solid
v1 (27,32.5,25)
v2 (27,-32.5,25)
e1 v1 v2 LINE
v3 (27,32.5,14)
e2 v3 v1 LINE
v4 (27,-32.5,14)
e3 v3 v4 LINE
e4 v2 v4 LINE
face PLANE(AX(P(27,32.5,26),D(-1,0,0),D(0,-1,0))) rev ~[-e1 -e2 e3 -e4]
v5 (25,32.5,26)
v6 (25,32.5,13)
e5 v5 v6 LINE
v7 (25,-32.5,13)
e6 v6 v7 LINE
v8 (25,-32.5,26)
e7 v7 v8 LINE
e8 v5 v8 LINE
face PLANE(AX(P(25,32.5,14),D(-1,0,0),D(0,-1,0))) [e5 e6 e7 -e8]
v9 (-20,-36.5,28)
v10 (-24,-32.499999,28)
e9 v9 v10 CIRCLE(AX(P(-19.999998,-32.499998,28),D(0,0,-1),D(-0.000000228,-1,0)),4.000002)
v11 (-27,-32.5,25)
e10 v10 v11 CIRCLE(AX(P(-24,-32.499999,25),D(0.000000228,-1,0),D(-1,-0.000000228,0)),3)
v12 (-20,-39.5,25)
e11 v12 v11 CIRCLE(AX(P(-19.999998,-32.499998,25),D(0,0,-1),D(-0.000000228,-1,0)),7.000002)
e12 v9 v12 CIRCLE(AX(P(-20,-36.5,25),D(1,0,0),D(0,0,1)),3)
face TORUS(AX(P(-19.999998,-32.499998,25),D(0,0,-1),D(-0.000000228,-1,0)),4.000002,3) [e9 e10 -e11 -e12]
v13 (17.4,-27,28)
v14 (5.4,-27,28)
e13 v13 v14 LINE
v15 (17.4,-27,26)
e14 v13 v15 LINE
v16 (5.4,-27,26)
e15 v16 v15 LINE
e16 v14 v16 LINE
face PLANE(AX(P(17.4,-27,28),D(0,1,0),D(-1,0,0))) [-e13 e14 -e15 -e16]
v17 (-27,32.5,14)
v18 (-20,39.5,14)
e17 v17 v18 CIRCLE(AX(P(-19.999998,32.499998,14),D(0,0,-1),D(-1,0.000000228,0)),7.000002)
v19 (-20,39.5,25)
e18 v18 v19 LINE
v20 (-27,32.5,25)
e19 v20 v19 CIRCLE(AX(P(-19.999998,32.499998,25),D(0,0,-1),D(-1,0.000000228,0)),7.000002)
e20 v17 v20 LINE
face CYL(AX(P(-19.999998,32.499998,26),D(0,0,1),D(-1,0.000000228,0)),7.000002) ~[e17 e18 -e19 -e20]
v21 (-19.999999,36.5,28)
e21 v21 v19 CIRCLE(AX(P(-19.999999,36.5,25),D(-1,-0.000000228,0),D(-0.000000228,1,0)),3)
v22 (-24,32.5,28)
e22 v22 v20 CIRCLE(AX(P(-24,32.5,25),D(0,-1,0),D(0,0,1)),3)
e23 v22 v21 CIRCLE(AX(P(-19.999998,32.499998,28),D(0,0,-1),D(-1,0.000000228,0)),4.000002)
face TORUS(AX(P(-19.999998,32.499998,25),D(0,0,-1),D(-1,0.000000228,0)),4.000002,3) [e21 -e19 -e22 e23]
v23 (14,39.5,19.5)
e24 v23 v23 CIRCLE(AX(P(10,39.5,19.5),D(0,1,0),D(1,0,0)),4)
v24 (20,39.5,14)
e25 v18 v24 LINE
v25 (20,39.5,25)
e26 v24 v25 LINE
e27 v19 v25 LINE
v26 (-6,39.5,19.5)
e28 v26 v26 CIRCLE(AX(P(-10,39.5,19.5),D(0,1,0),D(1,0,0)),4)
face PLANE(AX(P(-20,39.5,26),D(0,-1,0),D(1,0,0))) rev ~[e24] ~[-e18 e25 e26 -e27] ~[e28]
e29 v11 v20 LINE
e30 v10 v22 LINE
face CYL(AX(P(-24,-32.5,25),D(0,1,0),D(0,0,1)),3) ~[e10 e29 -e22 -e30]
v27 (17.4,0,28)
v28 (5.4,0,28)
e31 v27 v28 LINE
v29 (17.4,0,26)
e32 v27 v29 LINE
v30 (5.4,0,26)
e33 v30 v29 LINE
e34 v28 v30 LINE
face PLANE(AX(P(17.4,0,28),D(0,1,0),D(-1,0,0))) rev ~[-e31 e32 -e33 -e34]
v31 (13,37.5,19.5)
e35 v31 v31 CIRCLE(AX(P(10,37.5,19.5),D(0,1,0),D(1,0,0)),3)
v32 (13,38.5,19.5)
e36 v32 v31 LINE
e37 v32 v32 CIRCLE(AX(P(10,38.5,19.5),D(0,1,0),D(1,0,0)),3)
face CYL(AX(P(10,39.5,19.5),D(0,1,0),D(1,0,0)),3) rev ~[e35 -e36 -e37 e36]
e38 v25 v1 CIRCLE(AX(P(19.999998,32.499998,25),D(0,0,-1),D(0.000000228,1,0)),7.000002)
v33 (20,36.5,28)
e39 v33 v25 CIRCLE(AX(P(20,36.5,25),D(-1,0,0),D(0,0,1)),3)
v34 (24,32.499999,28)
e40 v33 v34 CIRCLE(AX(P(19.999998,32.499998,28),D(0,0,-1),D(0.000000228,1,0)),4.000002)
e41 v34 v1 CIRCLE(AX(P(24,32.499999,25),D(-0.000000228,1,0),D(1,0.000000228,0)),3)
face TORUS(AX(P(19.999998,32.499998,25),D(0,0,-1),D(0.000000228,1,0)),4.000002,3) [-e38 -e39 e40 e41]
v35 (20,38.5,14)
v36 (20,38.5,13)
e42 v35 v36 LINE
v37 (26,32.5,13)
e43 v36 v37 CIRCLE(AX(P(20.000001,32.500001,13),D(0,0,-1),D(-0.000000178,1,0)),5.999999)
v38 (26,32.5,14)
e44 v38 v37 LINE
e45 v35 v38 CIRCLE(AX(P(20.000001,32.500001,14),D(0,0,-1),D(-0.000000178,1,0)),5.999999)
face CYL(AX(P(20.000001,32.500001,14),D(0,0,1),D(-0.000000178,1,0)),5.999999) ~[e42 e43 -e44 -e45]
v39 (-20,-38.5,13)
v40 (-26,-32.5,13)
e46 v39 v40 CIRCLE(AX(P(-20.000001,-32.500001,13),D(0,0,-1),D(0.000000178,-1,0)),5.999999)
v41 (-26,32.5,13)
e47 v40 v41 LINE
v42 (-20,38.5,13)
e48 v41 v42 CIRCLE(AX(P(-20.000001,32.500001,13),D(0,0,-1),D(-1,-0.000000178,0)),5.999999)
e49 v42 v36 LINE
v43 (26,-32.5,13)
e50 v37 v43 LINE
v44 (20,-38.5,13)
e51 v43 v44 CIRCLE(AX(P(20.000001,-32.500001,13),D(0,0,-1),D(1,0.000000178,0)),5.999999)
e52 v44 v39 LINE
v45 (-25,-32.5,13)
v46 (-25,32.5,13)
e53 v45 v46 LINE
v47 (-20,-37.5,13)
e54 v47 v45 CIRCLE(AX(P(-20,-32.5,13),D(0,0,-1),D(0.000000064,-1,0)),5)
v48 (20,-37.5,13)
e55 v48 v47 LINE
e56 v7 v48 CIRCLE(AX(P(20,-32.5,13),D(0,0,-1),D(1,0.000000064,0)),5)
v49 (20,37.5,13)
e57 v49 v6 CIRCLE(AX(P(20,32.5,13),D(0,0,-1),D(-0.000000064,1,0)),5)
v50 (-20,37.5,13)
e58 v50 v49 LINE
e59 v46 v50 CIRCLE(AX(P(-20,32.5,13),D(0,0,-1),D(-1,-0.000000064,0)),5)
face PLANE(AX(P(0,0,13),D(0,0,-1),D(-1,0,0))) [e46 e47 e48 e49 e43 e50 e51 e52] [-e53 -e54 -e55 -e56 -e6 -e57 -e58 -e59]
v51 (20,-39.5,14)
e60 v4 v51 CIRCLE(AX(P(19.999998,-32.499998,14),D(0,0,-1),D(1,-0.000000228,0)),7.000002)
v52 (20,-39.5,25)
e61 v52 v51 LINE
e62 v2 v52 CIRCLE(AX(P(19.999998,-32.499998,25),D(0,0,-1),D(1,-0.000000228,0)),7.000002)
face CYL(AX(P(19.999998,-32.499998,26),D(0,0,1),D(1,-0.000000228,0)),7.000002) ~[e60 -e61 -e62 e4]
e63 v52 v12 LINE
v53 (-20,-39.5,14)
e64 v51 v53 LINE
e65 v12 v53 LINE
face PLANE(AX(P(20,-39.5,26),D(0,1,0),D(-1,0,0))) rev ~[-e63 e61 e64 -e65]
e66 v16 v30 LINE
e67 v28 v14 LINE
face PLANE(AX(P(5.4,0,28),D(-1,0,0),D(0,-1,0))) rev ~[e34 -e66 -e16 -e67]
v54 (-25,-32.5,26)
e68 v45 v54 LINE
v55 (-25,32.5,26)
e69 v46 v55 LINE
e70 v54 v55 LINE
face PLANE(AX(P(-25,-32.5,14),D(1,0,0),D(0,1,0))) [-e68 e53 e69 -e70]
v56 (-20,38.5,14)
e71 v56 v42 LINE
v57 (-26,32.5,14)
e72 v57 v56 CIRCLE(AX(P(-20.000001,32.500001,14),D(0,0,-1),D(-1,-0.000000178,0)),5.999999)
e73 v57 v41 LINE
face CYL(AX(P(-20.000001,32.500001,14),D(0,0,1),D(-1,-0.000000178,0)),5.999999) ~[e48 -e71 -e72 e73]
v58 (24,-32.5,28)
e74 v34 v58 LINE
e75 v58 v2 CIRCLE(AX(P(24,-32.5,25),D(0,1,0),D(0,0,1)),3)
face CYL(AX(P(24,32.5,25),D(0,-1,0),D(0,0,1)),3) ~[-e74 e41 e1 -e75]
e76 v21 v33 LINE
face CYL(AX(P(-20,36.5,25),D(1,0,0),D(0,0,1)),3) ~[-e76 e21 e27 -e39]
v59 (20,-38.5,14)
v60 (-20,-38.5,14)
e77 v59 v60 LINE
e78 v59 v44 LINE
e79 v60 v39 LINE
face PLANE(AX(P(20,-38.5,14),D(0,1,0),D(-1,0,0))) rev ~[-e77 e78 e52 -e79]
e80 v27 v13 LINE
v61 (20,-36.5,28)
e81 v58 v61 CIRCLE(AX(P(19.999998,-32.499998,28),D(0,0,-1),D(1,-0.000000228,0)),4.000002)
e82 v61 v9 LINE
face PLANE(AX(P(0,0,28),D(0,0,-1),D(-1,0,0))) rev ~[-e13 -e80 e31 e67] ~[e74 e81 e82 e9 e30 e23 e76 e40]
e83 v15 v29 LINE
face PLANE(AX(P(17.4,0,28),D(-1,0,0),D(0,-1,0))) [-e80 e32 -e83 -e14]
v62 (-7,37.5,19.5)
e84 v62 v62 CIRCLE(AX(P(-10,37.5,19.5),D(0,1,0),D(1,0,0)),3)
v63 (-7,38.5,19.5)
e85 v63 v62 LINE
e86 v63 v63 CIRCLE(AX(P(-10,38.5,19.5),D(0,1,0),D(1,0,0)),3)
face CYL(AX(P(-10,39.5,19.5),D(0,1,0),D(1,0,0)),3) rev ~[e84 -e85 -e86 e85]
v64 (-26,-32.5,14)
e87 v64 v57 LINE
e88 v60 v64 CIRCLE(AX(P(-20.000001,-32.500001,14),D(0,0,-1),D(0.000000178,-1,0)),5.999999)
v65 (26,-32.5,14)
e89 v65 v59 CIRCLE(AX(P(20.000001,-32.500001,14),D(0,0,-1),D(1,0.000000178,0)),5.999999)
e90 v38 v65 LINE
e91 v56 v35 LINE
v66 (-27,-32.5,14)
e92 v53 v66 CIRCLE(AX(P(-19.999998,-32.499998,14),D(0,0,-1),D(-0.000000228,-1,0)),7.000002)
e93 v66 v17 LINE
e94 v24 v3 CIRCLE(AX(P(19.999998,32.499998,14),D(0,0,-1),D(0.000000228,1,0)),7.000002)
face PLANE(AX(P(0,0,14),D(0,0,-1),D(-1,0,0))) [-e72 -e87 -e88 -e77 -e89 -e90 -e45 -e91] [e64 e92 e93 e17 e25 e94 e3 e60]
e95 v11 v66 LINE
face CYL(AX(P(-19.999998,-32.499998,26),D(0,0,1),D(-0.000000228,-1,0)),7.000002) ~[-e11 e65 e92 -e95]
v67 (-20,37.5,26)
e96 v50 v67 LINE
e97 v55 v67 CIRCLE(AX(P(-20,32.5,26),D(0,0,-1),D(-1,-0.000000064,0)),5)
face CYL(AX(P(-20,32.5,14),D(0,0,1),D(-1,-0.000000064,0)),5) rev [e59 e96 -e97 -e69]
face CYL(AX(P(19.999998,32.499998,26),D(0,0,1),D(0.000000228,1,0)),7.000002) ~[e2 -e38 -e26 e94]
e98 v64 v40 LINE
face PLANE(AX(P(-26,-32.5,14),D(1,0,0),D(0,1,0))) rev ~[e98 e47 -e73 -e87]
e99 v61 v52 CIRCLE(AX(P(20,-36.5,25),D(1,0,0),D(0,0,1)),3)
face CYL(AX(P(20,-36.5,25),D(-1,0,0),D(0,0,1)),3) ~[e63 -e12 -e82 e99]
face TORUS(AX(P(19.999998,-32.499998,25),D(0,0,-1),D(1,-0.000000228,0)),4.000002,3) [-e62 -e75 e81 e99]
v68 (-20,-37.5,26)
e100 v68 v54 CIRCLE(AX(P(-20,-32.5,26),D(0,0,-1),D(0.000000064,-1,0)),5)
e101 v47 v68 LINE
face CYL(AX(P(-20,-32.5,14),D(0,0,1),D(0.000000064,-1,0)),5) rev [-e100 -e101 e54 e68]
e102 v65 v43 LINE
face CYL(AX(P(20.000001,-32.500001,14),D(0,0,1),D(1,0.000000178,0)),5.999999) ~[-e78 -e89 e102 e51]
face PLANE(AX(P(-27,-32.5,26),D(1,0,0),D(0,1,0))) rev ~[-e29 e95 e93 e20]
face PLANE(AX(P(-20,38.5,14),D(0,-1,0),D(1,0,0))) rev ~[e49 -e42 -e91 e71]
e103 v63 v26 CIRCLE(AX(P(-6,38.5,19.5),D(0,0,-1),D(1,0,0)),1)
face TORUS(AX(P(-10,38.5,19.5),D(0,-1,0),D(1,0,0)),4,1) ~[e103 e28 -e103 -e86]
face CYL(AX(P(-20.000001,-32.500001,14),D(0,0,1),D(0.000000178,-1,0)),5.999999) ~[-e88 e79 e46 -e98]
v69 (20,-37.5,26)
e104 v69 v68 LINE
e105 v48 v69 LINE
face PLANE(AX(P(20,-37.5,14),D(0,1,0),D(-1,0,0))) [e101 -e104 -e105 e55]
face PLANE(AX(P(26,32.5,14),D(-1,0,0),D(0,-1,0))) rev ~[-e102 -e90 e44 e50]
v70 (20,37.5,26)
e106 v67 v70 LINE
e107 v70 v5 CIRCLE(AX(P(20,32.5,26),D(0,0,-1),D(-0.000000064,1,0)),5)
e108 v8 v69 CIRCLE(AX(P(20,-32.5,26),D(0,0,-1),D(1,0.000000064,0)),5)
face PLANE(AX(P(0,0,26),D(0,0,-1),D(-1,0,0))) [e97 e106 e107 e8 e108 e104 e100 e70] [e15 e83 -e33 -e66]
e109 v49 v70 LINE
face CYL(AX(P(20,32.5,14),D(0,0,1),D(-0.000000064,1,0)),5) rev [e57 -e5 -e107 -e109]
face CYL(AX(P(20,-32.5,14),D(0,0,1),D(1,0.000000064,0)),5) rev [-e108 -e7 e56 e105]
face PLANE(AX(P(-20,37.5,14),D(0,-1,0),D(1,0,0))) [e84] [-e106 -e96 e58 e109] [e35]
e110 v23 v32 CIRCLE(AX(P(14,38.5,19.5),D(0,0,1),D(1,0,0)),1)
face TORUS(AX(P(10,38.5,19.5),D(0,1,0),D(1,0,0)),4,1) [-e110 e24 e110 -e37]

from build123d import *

# Parameters (mm, degrees)
PAD002_DEPTH            = 2
PAD003_DEPTH            = 12
FILLET001_R             = 3
SKETCH006_R             = 3
POCKET002_DEPTH         = 5
PAD004_DEPTH            = 1
FILLET003_R             = 1
SKETCH018_W             = 12
SKETCH018_H             = 27
POCKET004_DEPTH         = 5
BODY001_PLACEMENT_ANGLE = 180


with BuildPart() as part:
    # Sketch003 → Pad002 (new body)
    with BuildSketch(Plane.XY):
        with BuildLine():
            Line((-27, 32.5), (-27, -32.5))
            ThreePointArc((-27, -32.5), (-24.949747, -37.449747), (-20, -39.5))
            Line((-20, -39.5), (20, -39.5))
            ThreePointArc((20, -39.5), (24.949747, -37.449747), (27, -32.5))
            Line((27, -32.5), (27, 32.5))
            ThreePointArc((27, 32.5), (24.949747, 37.449747), (20, 39.5))
            Line((20, 39.5), (-20, 39.5))
            ThreePointArc((-20, 39.5), (-24.949747, 37.449747), (-27, 32.5))
        make_face()
    extrude(amount=PAD002_DEPTH)

    # Sketch004 (on Face10 of Pad002) → Pad003 (join)
    with BuildSketch(Plane.XY.offset(2)):
        with BuildLine():
            Line((-27, 32.5), (-27, -32.5))
            ThreePointArc((-27, -32.5), (-24.949747, -37.449747), (-20, -39.5))
            Line((-20, -39.5), (20, -39.5))
            ThreePointArc((20, -39.5), (24.949747, -37.449747), (27, -32.5))
            Line((27, -32.5), (27, 32.5))
            ThreePointArc((27, 32.5), (24.949747, 37.449747), (20, 39.5))
            Line((20, 39.5), (-20, 39.5))
            ThreePointArc((-20, 39.5), (-24.949747, 37.449747), (-27, 32.5))
        make_face()
        with BuildLine():
            Line((-25, 32.5), (-25, -32.5))
            ThreePointArc((-25, -32.5), (-23.535534, -36.035534), (-20, -37.5))
            Line((-20, -37.5), (20, -37.5))
            ThreePointArc((20, -37.5), (23.535534, -36.035534), (25, -32.5))
            Line((25, -32.5), (25, 32.5))
            ThreePointArc((25, 32.5), (23.535534, 36.035534), (20, 37.5))
            Line((20, 37.5), (-20, 37.5))
            ThreePointArc((-20, 37.5), (-23.535534, 36.035534), (-25, 32.5))
        make_face(mode=Mode.SUBTRACT)
    extrude(amount=PAD003_DEPTH)

    # Fillet001
    fillet001_edges = [part.edges().sort_by_distance(p)[0] for p in [
        (0, -39.5, 0),
    ]]
    fillet(fillet001_edges, radius=FILLET001_R)

    # Sketch006 (on Face17 of Fillet001) → Pocket002 (cut)
    with BuildSketch(Plane(origin=(0, 39.5, 0), x_dir=(-1, 0, 0), z_dir=(0, 1, 0))):
        with Locations((-10, 8.5)):
            Circle(SKETCH006_R)
        with Locations((10, 8.5)):
            Circle(SKETCH006_R)
    extrude(amount=-POCKET002_DEPTH, mode=Mode.SUBTRACT)

    # Sketch008 (on Face18 of Pocket002) → Pad004 (join)
    with BuildSketch(Plane.XY.offset(14)):
        with BuildLine():
            Line((-26, 32.5), (-26, -32.5))
            ThreePointArc((-26, -32.5), (-24.242641, -36.742641), (-20, -38.5))
            Line((-20, -38.5), (20, -38.5))
            ThreePointArc((20, -38.5), (24.242641, -36.742641), (26, -32.5))
            Line((26, -32.5), (26, 32.5))
            ThreePointArc((26, 32.5), (24.242641, 36.742641), (20, 38.5))
            Line((20, 38.5), (-20, 38.5))
            ThreePointArc((-20, 38.5), (-24.242641, 36.742641), (-26, 32.5))
        make_face()
        with BuildLine():
            Line((-25, 32.5), (-25, -32.5))
            ThreePointArc((-25, -32.5), (-23.535534, -36.035534), (-20, -37.5))
            Line((-20, -37.5), (20, -37.5))
            ThreePointArc((20, -37.5), (23.535534, -36.035534), (25, -32.5))
            Line((25, -32.5), (25, 32.5))
            ThreePointArc((25, 32.5), (23.535534, 36.035534), (20, 37.5))
            Line((20, 37.5), (-20, 37.5))
            ThreePointArc((-20, 37.5), (-23.535534, 36.035534), (-25, 32.5))
        make_face(mode=Mode.SUBTRACT)
    extrude(amount=PAD004_DEPTH)

    # Fillet003
    fillet003_edges = [part.edges().sort_by_distance(p)[0] for p in [
        (-7, 39.5, 8.5),
        (13, 39.5, 8.5),
    ]]
    fillet(fillet003_edges, radius=FILLET003_R)

    # Sketch018 (on Face12 of Fillet003) → Pocket004 (cut)
    with BuildSketch(Plane(origin=(0, 0, 0), x_dir=(1, 0, 0), z_dir=(0, 0, -1))):
        with Locations((-11.4, 13.5)):
            Rectangle(SKETCH018_W, SKETCH018_H)
    extrude(amount=-POCKET004_DEPTH, mode=Mode.SUBTRACT)


with BuildPart() as part_1:
    # Body001 placement: moved
    add(part.part.moved(Location((0, 0, 28))).rotate(Axis((0, 0, 28), (0, 1, 0)), BODY001_PLACEMENT_ANGLE))


solid = part_1.part
